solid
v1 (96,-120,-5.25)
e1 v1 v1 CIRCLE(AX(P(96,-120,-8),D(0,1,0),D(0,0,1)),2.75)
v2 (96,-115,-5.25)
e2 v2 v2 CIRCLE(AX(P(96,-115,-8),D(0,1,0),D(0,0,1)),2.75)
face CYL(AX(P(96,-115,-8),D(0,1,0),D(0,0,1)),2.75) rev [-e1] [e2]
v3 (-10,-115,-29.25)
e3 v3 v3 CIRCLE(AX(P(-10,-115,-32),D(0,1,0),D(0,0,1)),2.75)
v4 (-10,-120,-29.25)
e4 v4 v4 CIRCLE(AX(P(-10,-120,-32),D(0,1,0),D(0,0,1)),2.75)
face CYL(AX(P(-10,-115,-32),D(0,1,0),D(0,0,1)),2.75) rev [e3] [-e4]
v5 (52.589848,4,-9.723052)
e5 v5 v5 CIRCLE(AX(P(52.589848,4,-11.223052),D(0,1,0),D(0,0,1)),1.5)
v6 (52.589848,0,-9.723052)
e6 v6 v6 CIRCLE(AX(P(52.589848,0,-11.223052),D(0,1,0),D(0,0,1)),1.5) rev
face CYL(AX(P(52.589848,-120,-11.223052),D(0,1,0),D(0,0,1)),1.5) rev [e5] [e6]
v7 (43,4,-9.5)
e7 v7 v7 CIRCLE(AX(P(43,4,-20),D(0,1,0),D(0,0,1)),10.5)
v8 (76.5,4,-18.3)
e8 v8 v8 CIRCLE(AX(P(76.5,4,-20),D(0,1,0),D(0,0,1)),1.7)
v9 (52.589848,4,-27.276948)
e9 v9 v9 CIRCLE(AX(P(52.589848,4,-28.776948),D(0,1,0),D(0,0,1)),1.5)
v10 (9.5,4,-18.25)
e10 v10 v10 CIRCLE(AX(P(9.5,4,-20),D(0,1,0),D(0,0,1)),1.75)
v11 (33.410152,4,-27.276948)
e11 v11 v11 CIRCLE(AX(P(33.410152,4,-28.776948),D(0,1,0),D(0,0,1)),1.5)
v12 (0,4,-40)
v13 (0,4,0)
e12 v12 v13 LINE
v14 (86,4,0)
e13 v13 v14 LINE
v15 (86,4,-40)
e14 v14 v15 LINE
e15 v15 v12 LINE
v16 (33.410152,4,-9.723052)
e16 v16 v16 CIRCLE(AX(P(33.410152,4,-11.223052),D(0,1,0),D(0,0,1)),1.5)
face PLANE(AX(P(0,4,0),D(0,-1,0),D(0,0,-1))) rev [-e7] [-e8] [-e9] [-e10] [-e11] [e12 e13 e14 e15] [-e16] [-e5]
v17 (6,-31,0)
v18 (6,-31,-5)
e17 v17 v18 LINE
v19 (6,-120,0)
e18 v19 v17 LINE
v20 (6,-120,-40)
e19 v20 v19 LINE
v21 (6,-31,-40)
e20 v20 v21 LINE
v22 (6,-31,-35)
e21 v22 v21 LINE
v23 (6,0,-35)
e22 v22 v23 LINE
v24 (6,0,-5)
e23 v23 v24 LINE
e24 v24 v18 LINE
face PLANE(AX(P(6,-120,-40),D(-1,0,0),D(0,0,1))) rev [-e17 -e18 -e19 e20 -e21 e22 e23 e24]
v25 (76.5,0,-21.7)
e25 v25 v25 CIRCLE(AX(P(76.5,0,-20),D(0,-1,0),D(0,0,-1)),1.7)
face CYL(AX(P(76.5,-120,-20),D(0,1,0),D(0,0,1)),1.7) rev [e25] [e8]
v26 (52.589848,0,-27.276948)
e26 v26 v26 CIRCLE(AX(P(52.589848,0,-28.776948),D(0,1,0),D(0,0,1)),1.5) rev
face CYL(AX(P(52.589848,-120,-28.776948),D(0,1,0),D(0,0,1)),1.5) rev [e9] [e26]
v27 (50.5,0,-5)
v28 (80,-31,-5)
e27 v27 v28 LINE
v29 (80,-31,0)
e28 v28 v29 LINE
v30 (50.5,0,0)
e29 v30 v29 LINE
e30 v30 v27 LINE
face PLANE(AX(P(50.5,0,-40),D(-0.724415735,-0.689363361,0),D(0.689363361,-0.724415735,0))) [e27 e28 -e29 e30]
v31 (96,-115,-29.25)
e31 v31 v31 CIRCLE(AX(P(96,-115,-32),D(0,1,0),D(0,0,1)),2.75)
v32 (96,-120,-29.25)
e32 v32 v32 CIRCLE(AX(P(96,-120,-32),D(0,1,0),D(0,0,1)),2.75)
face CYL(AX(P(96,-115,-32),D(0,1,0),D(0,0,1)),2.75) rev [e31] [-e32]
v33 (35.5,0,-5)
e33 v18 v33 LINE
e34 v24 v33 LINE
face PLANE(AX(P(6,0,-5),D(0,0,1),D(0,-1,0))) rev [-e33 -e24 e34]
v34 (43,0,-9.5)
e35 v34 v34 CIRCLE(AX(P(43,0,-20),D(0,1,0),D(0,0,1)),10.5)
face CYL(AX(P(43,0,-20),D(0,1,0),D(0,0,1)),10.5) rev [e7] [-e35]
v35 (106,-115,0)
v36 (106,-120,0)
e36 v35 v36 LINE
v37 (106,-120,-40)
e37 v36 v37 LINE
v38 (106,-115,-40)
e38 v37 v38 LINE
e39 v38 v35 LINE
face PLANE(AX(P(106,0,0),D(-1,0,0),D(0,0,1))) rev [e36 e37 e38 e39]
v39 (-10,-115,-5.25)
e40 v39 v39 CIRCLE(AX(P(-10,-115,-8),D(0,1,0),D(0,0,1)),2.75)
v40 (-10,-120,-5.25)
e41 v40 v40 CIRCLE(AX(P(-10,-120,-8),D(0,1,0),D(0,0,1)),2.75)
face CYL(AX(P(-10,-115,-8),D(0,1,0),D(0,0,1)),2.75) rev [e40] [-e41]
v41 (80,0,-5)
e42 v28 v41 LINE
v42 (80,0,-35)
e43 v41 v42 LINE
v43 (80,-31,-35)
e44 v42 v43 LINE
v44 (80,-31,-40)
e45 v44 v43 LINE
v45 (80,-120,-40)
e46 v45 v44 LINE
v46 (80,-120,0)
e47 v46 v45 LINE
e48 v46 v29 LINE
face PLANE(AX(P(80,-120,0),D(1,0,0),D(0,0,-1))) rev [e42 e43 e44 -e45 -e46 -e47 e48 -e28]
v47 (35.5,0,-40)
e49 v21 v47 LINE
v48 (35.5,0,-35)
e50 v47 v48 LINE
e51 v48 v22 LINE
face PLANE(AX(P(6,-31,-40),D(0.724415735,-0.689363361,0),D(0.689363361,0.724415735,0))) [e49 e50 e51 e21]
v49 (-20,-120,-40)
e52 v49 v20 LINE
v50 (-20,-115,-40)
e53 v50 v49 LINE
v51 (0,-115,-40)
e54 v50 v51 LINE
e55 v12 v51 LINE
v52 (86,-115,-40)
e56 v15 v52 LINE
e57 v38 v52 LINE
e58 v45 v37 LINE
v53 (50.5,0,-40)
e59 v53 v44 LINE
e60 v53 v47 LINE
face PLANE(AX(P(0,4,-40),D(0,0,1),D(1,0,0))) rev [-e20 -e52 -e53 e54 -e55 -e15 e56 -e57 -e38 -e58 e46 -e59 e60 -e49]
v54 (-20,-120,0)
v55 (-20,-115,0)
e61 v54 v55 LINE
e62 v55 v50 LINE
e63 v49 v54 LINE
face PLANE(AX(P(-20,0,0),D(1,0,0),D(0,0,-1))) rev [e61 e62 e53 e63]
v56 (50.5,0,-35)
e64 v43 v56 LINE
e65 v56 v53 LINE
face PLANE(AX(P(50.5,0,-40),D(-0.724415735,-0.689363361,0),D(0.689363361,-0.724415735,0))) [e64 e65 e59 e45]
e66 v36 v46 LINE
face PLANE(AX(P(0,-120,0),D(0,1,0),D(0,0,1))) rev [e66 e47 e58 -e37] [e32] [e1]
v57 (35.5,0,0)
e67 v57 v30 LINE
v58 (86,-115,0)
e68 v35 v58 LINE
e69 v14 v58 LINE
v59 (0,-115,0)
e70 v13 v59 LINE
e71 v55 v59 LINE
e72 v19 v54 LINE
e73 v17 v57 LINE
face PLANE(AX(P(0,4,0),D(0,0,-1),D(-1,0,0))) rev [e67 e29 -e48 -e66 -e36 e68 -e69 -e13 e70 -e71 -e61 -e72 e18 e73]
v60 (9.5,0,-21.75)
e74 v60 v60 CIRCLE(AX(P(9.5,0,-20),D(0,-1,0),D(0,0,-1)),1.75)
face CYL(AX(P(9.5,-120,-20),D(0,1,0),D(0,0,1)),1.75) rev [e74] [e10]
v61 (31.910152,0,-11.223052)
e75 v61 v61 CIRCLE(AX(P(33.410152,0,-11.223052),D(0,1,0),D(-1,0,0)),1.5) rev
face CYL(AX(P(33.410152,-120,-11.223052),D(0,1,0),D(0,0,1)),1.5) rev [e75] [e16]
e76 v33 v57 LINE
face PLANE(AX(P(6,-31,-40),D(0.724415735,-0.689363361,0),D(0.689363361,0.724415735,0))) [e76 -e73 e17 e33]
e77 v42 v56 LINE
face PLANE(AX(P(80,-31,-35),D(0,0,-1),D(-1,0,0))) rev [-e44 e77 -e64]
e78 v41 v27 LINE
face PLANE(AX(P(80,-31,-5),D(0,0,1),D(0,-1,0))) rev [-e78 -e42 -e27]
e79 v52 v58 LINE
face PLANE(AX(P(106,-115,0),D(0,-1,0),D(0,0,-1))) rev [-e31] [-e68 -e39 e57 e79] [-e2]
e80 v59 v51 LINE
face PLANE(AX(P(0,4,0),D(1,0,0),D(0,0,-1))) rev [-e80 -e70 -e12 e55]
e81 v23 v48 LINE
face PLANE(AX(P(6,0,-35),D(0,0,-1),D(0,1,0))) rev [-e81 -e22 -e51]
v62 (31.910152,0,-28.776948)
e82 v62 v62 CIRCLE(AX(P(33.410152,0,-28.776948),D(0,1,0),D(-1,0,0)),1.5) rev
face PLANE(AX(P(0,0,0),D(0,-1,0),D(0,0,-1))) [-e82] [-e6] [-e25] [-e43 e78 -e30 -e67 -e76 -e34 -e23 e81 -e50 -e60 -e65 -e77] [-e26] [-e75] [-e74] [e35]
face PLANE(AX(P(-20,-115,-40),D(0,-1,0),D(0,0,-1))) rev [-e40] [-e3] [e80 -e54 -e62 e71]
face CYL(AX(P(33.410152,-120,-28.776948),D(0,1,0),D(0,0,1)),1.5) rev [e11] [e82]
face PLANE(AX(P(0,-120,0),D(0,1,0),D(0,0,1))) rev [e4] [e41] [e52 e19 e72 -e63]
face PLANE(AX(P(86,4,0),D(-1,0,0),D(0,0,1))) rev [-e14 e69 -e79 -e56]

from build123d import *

# Parameters (mm, degrees)
ESQUISSE1_W              = 86
ESQUISSE1_H              = 40
BOSS_EXTRU_1_DEPTH       = 4
ESQUISSE2_R              = 10.5
ENL_V_MAT_EXTRU_1_DEPTH  = 95.93155429
ESQUISSE3_W              = 6
ESQUISSE3_H              = 40
BOSS_EXTRU_2_DEPTH       = 120
ESQUISSE4_W              = 40
ESQUISSE4_H              = 5
BOSS_EXTRU_3_DEPTH       = 20
ESQUISSE5_W              = 40
ESQUISSE5_H              = 5
BOSS_EXTRU_4_DEPTH       = 20
D_GAGEMENT_M51_D         = 5.5
ESQUISSE32_W             = 40
ESQUISSE32_H             = 31
BOSS_EXTRU_5_DEPTH       = 29.5
ESQUISSE33_W             = 40
ESQUISSE33_H             = 31
BOSS_EXTRU_6_DEPTH       = 29.5
ESQUISSE39_R             = 1.5
ENL_V_MAT_EXTRU_4_DEPTH  = 168.964281917
ESQUISSE43_W             = 30
ESQUISSE43_H             = 31
ENL_V_MAT_EXTRU_12_DEPTH = 29.5
ESQUISSE44_W             = 30
ESQUISSE44_H             = 31
ENL_V_MAT_EXTRU_13_DEPTH = 29.5
ENL_V_MAT_EXTRU_14_DEPTH = 166.033329967
ESQUISSE47_R             = 1.75
ESQUISSE47_R_2           = 1.7
ENL_V_MAT_EXTRU_15_DEPTH = 168.964281917


with BuildPart() as part:
    # Esquisse1 → Boss.-Extru.1 (new body)
    with BuildSketch(Plane(origin=(0, 0, 0), x_dir=(1, 0, 0), z_dir=(0, 1, 0))):
        with Locations((43, 20)):
            Rectangle(ESQUISSE1_W, ESQUISSE1_H)
    extrude(amount=BOSS_EXTRU_1_DEPTH)

    # Esquisse2 → Enlèv. mat.-Extru.1 (cut, through all)
    with BuildSketch(Plane(origin=(0, 4, 0), x_dir=(1, 0, 0), z_dir=(0, 1, 0))):
        with Locations(Location((43, 20, 0), (0, 0, 270))):
            Circle(ESQUISSE2_R)
    extrude(amount=-ENL_V_MAT_EXTRU_1_DEPTH, mode=Mode.SUBTRACT)

    # Esquisse3 → Boss.-Extru.2 (add)
    with BuildSketch(Plane(origin=(0, 0, 0), x_dir=(-1, 0, 0), z_dir=(0, -1, 0))):
        with Locations((-3, 20)):
            Rectangle(ESQUISSE3_W, ESQUISSE3_H)
        with Locations((-83, 20)):
            Rectangle(ESQUISSE3_W, ESQUISSE3_H)
    extrude(amount=BOSS_EXTRU_2_DEPTH)

    # Esquisse4 → Boss.-Extru.3 (add)
    with BuildSketch(Plane.ZY):
        with Locations((-20, -117.5)):
            Rectangle(ESQUISSE4_W, ESQUISSE4_H)
    extrude(amount=BOSS_EXTRU_3_DEPTH)

    # Esquisse5 → Boss.-Extru.4 (add)
    with BuildSketch(Plane(origin=(86, 0, 0), x_dir=(0, 0, -1), z_dir=(1, 0, 0))):
        with Locations((20, -117.5)):
            Rectangle(ESQUISSE5_W, ESQUISSE5_H)
    extrude(amount=BOSS_EXTRU_4_DEPTH)

    # Dégagement M51 (through all)
    with Locations(Plane(origin=(0, -115, 0), x_dir=(1, 0, 0), z_dir=(0, 1, 0))):
        with Locations((-10, 32), (-10, 8), (96, 32), (96, 8)):
            Hole(D_GAGEMENT_M51_D / 2)

    # Esquisse32 → Boss.-Extru.5 (add)
    with BuildSketch(Plane(origin=(6, 0, 0), x_dir=(0, 0, -1), z_dir=(1, 0, 0))):
        with Locations((20, -15.5)):
            Rectangle(ESQUISSE32_W, ESQUISSE32_H)
    extrude(amount=BOSS_EXTRU_5_DEPTH)

    # Esquisse33 → Boss.-Extru.6 (add)
    with BuildSketch(Plane.ZY.offset(-80)):
        with Locations((-20, -15.5)):
            Rectangle(ESQUISSE33_W, ESQUISSE33_H)
    extrude(amount=BOSS_EXTRU_6_DEPTH)

    # Esquisse39 → Enlèv. mat.-Extru.4 (cut, through all)
    with BuildSketch(Plane(origin=(0, 4, 0), x_dir=(1, 0, 0), z_dir=(0, 1, 0))):
        with Locations(Location((33.410152006, 28.776947958, 0), (0, 0, 270))):
            Circle(ESQUISSE39_R)
        with Locations(Location((33.410152006, 11.223052042, 0), (0, 0, 270))):
            Circle(ESQUISSE39_R)
        with Locations(Location((52.589847994, 11.223052042, 0), (0, 0, 270))):
            Circle(ESQUISSE39_R)
        with Locations(Location((52.589847994, 28.776947958, 0), (0, 0, 270))):
            Circle(ESQUISSE39_R)
    extrude(amount=-ENL_V_MAT_EXTRU_4_DEPTH, mode=Mode.SUBTRACT)

    # Esquisse43 → Enlèv. mat.-Extru.12 (cut)
    with BuildSketch(Plane(origin=(35.5, 0, 0), x_dir=(0, 0, -1), z_dir=(1, 0, 0))):
        with Locations((20, -15.5)):
            Rectangle(ESQUISSE43_W, ESQUISSE43_H)
    extrude(amount=-ENL_V_MAT_EXTRU_12_DEPTH, mode=Mode.SUBTRACT)

    # Esquisse44 → Enlèv. mat.-Extru.13 (cut)
    with BuildSketch(Plane.ZY.offset(-50.5)):
        with Locations((-20, -15.5)):
            Rectangle(ESQUISSE44_W, ESQUISSE44_H)
    extrude(amount=-ENL_V_MAT_EXTRU_13_DEPTH, mode=Mode.SUBTRACT)

    # Esquisse34 → Enlèv. mat.-Extru.14 (cut, through all)
    with BuildSketch(Plane.XY):
        Polygon((6, -31), (35.5, 0), (35.5, -31), align=None)
        Polygon((50.5, 0), (80, -31), (50.5, -31), align=None)
    extrude(amount=-ENL_V_MAT_EXTRU_14_DEPTH, mode=Mode.SUBTRACT)

    # Esquisse47 → Enlèv. mat.-Extru.15 (cut, through all)
    with BuildSketch(Plane(origin=(0, 4, 0), x_dir=(1, 0, 0), z_dir=(0, 1, 0))):
        with Locations(Location((9.5, 20, 0), (0, 0, 270))):
            Circle(ESQUISSE47_R)
        with Locations(Location((76.5, 20, 0), (0, 0, 270))):
            Circle(ESQUISSE47_R_2)
    extrude(amount=-ENL_V_MAT_EXTRU_15_DEPTH, mode=Mode.SUBTRACT)


solid = part.part
